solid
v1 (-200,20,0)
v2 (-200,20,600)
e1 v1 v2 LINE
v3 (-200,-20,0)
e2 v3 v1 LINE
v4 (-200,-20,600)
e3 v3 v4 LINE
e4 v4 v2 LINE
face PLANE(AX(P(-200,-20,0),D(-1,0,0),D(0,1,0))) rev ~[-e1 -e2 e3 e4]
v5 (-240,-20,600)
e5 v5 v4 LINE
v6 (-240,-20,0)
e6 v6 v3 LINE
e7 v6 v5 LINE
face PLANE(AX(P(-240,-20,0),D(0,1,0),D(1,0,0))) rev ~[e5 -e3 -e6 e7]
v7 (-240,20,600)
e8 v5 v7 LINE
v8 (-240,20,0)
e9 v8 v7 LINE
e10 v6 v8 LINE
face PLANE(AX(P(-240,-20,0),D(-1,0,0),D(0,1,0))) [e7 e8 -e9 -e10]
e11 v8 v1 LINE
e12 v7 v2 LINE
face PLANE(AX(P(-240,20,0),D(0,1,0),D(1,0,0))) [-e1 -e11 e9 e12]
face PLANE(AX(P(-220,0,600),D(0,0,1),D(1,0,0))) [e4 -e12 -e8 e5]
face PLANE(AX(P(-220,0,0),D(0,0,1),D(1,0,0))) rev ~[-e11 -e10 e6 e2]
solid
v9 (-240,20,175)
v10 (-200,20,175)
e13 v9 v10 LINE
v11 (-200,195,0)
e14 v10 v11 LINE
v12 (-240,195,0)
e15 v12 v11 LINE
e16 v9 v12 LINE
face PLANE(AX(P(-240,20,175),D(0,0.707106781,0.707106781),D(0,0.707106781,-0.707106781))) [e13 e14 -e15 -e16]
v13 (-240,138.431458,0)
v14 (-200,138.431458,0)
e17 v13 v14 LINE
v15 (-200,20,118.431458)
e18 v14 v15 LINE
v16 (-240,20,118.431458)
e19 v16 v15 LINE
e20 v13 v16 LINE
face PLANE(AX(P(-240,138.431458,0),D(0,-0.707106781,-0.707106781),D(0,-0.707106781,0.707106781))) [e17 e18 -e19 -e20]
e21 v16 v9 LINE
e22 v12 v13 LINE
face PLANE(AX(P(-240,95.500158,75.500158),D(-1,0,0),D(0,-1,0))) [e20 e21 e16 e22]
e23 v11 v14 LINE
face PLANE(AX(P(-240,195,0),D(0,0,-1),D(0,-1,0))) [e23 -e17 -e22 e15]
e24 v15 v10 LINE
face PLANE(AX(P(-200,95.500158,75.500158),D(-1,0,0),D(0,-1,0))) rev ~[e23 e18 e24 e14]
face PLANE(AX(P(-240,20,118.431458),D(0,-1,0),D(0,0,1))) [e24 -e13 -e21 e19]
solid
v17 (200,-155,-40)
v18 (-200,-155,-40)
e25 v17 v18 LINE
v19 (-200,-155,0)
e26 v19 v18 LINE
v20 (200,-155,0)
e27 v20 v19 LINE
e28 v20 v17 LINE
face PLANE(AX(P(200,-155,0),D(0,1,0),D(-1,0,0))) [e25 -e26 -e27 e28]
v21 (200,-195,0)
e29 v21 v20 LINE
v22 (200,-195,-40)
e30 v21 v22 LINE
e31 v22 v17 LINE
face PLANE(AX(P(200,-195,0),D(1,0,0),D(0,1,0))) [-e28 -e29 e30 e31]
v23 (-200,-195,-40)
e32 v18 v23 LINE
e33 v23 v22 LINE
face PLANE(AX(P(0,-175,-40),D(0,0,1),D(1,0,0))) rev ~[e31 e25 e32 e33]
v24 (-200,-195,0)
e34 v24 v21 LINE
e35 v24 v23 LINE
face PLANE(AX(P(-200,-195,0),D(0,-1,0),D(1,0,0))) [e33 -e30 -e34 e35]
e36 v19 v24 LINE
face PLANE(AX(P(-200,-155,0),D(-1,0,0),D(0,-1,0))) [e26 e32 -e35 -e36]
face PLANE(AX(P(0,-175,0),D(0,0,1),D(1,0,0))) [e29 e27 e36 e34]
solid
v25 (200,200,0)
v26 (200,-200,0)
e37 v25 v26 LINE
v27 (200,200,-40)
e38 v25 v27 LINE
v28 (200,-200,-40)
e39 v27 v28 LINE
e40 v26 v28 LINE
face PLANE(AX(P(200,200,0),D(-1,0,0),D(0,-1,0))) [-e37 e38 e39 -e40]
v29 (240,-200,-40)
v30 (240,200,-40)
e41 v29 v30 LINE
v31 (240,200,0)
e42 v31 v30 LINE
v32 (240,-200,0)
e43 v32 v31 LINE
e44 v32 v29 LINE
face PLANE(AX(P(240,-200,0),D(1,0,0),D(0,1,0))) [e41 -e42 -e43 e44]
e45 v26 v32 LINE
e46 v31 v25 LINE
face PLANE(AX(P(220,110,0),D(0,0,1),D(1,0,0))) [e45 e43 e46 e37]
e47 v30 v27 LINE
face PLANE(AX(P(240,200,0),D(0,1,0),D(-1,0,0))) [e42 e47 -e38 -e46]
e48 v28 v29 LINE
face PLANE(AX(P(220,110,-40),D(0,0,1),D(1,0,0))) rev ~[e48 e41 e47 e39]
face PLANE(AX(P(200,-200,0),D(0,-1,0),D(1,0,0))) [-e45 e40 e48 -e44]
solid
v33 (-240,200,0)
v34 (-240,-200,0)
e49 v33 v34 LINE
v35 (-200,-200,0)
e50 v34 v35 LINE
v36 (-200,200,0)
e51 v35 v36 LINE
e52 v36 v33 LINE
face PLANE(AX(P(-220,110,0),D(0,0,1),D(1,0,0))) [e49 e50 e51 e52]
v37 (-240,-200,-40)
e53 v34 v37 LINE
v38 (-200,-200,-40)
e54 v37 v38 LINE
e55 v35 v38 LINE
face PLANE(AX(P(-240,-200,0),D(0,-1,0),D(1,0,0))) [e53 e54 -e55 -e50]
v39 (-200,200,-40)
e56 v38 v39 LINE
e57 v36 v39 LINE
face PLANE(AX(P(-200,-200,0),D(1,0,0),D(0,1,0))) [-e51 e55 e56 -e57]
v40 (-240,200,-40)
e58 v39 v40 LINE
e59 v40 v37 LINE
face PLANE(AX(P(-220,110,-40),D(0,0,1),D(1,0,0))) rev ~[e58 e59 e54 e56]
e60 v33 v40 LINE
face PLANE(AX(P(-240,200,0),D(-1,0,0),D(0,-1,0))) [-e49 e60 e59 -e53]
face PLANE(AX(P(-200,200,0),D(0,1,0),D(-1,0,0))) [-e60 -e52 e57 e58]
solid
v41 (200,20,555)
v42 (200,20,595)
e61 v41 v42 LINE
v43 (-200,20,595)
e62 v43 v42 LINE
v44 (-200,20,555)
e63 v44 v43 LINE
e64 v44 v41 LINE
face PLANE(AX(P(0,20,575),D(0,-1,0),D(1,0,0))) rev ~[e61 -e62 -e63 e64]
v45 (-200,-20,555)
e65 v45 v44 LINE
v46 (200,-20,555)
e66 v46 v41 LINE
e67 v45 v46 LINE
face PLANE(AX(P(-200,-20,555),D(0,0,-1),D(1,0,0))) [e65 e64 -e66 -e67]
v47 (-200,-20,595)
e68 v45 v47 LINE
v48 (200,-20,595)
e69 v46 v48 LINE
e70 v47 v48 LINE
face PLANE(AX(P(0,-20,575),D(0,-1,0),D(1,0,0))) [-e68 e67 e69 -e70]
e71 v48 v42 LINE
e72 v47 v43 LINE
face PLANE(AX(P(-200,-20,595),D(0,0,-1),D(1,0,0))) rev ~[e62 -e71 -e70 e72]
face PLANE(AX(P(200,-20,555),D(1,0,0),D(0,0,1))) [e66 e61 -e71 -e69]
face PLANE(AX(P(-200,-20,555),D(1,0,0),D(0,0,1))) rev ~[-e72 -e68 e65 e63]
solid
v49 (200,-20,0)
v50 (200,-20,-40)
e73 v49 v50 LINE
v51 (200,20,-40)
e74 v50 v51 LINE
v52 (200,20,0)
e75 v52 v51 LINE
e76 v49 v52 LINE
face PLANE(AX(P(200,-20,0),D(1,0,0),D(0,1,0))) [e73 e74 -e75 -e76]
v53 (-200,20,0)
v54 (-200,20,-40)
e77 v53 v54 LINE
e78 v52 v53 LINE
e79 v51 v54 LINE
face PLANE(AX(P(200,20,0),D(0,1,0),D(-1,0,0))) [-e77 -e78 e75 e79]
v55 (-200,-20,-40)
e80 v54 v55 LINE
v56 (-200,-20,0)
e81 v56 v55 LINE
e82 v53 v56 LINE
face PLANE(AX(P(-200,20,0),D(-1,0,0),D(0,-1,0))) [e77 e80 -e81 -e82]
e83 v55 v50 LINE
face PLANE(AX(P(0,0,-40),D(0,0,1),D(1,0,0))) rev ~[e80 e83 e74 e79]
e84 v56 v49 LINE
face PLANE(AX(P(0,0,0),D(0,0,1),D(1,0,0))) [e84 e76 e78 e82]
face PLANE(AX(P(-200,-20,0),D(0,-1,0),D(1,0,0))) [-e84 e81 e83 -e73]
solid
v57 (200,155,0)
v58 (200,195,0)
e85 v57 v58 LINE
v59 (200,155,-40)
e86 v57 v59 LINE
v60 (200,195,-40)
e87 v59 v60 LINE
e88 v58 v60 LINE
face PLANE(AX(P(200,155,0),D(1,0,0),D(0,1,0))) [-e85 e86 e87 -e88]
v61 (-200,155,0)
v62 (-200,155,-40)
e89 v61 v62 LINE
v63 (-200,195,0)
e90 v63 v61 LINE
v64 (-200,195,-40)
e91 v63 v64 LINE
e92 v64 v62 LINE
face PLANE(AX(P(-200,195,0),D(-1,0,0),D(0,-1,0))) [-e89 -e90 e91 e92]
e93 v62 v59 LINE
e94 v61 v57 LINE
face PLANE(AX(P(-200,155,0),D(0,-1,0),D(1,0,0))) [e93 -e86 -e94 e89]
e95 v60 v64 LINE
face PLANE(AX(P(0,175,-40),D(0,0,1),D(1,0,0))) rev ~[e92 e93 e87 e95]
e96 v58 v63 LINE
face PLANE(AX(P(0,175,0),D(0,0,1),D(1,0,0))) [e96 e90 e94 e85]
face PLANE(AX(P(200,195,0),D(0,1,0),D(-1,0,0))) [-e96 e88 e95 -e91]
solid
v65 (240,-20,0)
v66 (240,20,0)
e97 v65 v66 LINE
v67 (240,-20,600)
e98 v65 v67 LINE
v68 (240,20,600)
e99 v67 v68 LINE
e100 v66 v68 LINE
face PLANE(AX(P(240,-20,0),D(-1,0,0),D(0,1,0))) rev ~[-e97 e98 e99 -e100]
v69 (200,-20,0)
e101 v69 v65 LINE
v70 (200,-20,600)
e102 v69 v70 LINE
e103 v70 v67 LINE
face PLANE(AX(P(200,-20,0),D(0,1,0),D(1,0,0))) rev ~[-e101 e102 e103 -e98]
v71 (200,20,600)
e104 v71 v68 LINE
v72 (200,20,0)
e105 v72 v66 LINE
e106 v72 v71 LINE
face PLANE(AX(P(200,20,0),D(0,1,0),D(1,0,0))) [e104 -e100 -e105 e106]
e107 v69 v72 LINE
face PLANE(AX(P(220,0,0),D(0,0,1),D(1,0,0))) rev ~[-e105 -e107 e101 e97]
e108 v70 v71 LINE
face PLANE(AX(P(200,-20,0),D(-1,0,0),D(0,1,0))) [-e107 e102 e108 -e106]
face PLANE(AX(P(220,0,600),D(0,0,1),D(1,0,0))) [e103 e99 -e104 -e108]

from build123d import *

# Parameters (mm, degrees)
F1_W     = 40
F1_H     = 40
F2_DEPTH = 40
F3_DEPTH = 40
F4_DEPTH = 600
F5_W     = 400
F5_H     = 40
F6_DEPTH = 40
F8_DEPTH = 40


with BuildPart() as f2:
    # F1 (on Top) → F2 (new body)
    with BuildSketch(Plane.XY):
        Polygon((-200, 200), (-240, 200), (-240, 20), (-200, 20), (-200, 155), (-200, 195), align=None)
        with Locations((-220, 0)):
            Rectangle(F1_W, F1_H)
        Polygon((-200, -20), (-240, -20), (-240, -200), (-200, -200), (-200, -195), (-200, -155), align=None)
    extrude(amount=-F2_DEPTH)


with BuildPart() as f2b:
    # F1 (on Top) → F2, piece 2 (new body)
    with BuildSketch(Plane.XY):
        Polygon((200, 200), (200, 195), (200, 155), (200, 20), (240, 20), (240, 200), align=None)
        with Locations((220, 0)):
            Rectangle(F1_W, F1_H)
        Polygon((240, -20), (200, -20), (200, -155), (200, -195), (200, -200), (240, -200), align=None)
    extrude(amount=-F2_DEPTH)


with BuildPart() as f3:
    # F1 (on Top) → F3 (new body)
    with BuildSketch(Plane.XY):
        Polygon((0, 20), (-200, 20), (-200, -20), (0, -20), (200, -20), (200, 20), align=None)
    extrude(amount=-F3_DEPTH)


with BuildPart() as f3b:
    # F1 (on Top) → F3, piece 2 (new body)
    with BuildSketch(Plane.XY):
        Polygon((0, -155), (-200, -155), (-200, -195), (0, -195), (200, -195), (200, -155), align=None)
    extrude(amount=-F3_DEPTH)


with BuildPart() as f3c:
    # F1 (on Top) → F3, piece 3 (new body)
    with BuildSketch(Plane.XY):
        Polygon((0, 195), (-200, 195), (-200, 155), (0, 155), (200, 155), (200, 195), align=None)
    extrude(amount=-F3_DEPTH)


with BuildPart() as f4:
    # F1 (on Top) → F4 (new body)
    with BuildSketch(Plane.XY):
        with Locations((-220, 0)):
            Rectangle(F1_W, F1_H)
    extrude(amount=F4_DEPTH)


with BuildPart() as f4b:
    # F1 (on Top) → F4, piece 2 (new body)
    with BuildSketch(Plane.XY):
        with Locations((220, 0)):
            Rectangle(F1_W, F1_H)
    extrude(amount=F4_DEPTH)


with BuildPart() as f6:
    # F5 (on face) → F6 (new body)
    with BuildSketch(Plane.XZ.offset(20)):
        with Locations((0, 575)):
            Rectangle(F5_W, F5_H)
    extrude(amount=-F6_DEPTH)


with BuildPart() as f8:
    # F7 (on face) → F8 (new body)
    with BuildSketch(Plane(origin=(-240, 0, 0), x_dir=(0, -1, 0), z_dir=(-1, 0, 0))):
        Polygon((-20, 175), (-195, 0), (-138.4314575051, 0), (-20, 118.4314575051), align=None)
    extrude(amount=-F8_DEPTH)


solid = Compound([f2.part, f2b.part, f3.part, f3b.part, f3c.part, f4.part, f4b.part, f6.part, f8.part])
